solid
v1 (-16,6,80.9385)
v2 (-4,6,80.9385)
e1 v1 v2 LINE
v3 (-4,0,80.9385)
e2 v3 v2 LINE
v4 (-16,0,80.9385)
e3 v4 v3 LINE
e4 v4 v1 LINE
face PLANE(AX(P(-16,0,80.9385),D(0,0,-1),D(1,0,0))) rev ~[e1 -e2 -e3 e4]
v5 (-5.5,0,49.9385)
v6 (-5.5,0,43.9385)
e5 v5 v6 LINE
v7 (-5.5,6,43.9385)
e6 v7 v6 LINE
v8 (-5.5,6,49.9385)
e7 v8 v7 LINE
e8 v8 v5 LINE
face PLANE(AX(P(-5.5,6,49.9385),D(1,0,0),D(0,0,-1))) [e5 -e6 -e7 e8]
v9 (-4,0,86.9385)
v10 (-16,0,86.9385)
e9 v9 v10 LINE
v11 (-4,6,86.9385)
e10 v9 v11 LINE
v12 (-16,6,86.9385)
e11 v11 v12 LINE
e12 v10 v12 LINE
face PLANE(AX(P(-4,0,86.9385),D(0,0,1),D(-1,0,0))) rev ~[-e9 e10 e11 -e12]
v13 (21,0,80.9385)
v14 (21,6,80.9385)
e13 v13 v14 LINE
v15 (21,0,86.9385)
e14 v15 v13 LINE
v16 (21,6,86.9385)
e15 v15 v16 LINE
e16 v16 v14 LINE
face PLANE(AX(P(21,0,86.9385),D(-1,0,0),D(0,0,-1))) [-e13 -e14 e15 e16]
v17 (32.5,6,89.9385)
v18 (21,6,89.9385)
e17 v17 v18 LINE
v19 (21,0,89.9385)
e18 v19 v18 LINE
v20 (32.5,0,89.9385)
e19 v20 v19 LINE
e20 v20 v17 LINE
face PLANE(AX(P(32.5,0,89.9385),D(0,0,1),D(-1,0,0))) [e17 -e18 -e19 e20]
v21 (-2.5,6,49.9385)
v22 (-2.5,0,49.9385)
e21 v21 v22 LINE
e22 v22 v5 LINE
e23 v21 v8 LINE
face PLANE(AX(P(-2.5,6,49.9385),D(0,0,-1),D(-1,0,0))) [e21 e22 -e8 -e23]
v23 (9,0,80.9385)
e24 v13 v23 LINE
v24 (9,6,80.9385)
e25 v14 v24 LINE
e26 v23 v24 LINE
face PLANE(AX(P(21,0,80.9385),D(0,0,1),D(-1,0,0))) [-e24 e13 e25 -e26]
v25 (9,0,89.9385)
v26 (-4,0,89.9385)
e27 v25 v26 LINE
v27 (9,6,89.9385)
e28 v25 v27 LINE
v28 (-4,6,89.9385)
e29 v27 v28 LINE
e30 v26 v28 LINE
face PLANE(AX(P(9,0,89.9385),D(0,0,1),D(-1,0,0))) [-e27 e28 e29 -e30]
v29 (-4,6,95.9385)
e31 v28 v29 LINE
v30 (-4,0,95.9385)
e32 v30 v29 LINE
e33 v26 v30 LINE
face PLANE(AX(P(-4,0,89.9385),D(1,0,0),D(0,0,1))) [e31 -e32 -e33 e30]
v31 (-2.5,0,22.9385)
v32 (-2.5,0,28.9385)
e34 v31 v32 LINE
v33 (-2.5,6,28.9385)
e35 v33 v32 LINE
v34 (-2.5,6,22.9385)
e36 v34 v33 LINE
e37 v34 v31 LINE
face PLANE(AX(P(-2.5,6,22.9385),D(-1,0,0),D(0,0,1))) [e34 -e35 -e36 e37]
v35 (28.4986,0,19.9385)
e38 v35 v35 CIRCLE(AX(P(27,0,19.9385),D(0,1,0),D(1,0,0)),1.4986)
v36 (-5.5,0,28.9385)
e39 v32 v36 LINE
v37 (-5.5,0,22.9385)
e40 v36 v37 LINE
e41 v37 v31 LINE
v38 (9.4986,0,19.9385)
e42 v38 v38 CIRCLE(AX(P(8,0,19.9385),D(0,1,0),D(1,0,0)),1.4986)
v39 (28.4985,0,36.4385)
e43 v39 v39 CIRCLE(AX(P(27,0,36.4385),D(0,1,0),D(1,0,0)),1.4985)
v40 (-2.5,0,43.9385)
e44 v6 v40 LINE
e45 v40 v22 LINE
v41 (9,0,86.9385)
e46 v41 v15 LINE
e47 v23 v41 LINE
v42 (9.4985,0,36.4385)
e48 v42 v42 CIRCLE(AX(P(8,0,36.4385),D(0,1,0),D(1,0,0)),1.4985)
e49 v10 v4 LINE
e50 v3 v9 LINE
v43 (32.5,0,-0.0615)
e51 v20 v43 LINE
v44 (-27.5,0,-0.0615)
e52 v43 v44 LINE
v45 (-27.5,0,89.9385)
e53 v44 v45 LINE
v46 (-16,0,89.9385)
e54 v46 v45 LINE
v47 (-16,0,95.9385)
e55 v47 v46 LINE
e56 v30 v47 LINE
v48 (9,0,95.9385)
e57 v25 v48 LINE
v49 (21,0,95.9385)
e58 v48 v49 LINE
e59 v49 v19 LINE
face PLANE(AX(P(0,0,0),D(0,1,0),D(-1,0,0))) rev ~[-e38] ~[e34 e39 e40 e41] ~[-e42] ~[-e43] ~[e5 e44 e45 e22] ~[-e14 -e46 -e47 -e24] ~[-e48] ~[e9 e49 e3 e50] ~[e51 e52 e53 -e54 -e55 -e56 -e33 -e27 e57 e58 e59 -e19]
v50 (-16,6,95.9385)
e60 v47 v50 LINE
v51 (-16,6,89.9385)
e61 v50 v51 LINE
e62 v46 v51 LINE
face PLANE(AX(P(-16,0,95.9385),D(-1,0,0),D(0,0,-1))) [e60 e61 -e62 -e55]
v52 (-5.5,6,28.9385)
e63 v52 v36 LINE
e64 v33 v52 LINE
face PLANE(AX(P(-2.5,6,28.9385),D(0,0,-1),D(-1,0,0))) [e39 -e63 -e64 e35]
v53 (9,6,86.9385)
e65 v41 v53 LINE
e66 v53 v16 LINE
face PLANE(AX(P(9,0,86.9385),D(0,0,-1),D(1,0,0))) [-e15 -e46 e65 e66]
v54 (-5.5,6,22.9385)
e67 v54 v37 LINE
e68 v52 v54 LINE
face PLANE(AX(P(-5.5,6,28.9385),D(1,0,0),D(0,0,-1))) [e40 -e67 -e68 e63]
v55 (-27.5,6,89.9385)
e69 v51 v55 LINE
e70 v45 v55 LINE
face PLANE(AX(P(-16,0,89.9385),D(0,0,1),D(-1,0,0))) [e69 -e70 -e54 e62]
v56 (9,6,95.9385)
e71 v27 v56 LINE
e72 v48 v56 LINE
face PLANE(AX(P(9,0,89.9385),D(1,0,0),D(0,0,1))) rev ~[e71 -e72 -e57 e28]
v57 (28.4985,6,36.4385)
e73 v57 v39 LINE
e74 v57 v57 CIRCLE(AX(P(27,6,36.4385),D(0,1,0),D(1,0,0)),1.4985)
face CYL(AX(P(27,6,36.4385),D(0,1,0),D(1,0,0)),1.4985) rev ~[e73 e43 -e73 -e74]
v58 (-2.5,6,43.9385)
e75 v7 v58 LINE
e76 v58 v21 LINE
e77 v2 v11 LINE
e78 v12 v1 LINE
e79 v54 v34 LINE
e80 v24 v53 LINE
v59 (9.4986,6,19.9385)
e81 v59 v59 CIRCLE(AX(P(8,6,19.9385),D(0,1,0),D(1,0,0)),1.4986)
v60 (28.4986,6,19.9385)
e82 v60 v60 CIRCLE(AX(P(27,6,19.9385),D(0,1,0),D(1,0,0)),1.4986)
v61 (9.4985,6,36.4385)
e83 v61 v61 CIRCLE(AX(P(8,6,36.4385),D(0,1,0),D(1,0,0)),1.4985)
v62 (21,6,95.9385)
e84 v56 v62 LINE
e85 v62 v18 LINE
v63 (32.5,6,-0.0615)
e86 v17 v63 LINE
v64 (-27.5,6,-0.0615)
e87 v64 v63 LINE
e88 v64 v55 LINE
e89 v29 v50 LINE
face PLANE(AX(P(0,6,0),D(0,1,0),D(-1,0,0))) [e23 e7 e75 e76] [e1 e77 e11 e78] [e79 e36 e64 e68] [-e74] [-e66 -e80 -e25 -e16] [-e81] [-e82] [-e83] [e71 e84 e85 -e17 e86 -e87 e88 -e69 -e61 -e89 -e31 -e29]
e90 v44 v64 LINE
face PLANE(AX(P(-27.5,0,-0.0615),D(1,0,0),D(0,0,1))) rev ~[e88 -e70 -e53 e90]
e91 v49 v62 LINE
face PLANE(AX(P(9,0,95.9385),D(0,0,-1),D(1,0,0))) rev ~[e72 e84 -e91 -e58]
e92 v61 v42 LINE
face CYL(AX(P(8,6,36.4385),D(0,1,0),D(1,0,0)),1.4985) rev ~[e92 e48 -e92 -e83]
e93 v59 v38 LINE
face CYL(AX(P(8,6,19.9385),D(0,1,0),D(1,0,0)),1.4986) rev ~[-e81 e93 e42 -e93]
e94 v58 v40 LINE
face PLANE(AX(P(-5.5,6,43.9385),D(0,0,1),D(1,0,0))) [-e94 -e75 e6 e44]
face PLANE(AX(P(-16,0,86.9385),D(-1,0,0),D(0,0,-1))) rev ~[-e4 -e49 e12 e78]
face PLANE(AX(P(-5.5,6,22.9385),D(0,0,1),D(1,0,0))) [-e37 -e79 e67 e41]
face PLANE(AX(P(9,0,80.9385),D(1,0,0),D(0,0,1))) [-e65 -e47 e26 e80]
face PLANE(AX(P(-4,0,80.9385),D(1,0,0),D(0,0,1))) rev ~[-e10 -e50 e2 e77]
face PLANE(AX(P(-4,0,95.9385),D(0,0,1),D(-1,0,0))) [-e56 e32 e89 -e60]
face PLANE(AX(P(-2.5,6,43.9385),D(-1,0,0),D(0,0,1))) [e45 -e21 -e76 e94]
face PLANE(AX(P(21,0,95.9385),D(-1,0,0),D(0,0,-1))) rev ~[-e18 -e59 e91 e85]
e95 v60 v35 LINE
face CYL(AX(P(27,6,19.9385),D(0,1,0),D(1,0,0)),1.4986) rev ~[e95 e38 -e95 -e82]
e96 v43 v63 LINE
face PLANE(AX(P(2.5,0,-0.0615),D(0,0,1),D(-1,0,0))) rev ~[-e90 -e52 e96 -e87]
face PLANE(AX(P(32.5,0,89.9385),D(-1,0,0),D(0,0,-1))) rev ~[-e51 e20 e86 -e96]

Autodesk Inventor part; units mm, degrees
ref_plane "YZ Plane" through (0, 0, 0) normal (1, 0, 0) x (0, 1, 0)
ref_plane "XZ Plane" through (0, 0, 0) normal (0, 1, 0) x (-1, 0, 0)
ref_plane "XY Plane" through (0, 0, 0) normal (0, 0, 1) x (1, 0, 0)
sketch "Sketch1" plane through (0, 0, 0) normal (0, 1, 0) x (-1, 0, 0)
  line L0 (27.5, -0.0615) -> (27.5, 89.9385)
  line L1 (-32.5, 89.9385) -> (-32.5, -0.0615)
  line L2 (-32.5, -0.0615) -> (-2.5, -0.0615)
  line L3 (-2.5, -0.0615) -> (-2.5, 89.9385) construction
  line L4 (-32.5, 44.9385) -> (-2.5, 44.9385) construction
  line L5 (-32.5, 89.9385) -> (27.5, 89.9385)
  line L6 (-21, 89.9385) -> (-9, 89.9385)
  line L7 (-9, 89.9385) -> (-9, 95.9385)
  line L8 (-9, 95.9385) -> (-21, 95.9385)
  line L9 (-21, 95.9385) -> (-21, 89.9385)
  line L10 (16, 89.9385) -> (4, 89.9385)
  line L11 (4, 89.9385) -> (4, 95.9385)
  line L12 (4, 95.9385) -> (16, 95.9385)
  line L13 (16, 95.9385) -> (16, 89.9385)
  line L14 (-2.5, 44.9385) -> (27.5, 44.9385) construction
  line L15 (-2.5, -0.0615) -> (27.5, -0.0615)
  line L16 (-9, 86.9385) -> (-21, 86.9385)
  line L17 (-21, 86.9385) -> (-21, 80.9385)
  line L18 (-21, 80.9385) -> (-9, 80.9385)
  line L19 (-9, 80.9385) -> (-9, 86.9385)
  line L20 (-9, 86.9385) -> (-21, 80.9385) construction
  line L21 (-21, 86.9385) -> (-9, 80.9385) construction
  line L22 (4, 86.9385) -> (16, 86.9385)
  line L23 (16, 86.9385) -> (16, 80.9385)
  line L24 (16, 80.9385) -> (4, 80.9385)
  line L25 (4, 80.9385) -> (4, 86.9385)
  line L26 (4, 86.9385) -> (16, 80.9385) construction
  line L27 (16, 86.9385) -> (4, 80.9385) construction
  point P0 (-15, 83.9385)
  point P1 (10, 83.9385)
  dimension "d0" = 60
  dimension "d1" = 90
  dimension "d18" = 12
  dimension "d19" = 6
  dimension "d20" = 18.5
  dimension "d21" = 12
  dimension "d22" = 6
  dimension "d23" = 3
extrude "Extrusion1" add sketch "Sketch1" along normal blind 6
sketch "Sketch2" plane through (0, 6, 0) normal (0, 1, 0) x (1, 0, 0)
  circle A0 centre (8, -19.9385) radius 1.4986
  circle A1 centre (27, -19.9385) radius 1.4986
  circle A2 centre (27, -36.4385) radius 1.4985
  circle A3 centre (8, -36.4385) radius 1.4985
  line L0 (27, -36.4385) -> (8, -36.4385) construction
  line L1 (8, -36.4385) -> (8, -19.9385) construction
  line L2 (8, -19.9385) -> (27, -19.9385) construction
  line L3 (27, -19.9385) -> (27, -36.4385) construction
  line L4 (27, -36.4385) -> (8, -19.9385) construction
  line L5 (27, -19.9385) -> (8, -36.4385) construction
  line L6 (32.5, 0.0615) -> (-27.5, 0.0615) construction
  line L7 (2.5, 0.0615) -> (2.5, -89.9385) construction
  line L8 (-4, -89.9385) -> (9, -89.9385) construction
  line L9 (-2.5, -49.9385) -> (-5.5, -49.9385)
  line L10 (-5.5, -49.9385) -> (-5.5, -43.9385)
  line L11 (-5.5, -43.9385) -> (-2.5, -43.9385)
  line L12 (-2.5, -43.9385) -> (-2.5, -49.9385)
  line L13 (-2.5, -28.9385) -> (-5.5, -28.9385)
  line L14 (-5.5, -28.9385) -> (-5.5, -22.9385)
  line L15 (-5.5, -22.9385) -> (-2.5, -22.9385)
  line L16 (-2.5, -22.9385) -> (-2.5, -28.9385)
  point P0 (0, 0)
  point P1 (17.5, -28.1885)
  dimension "d26" = 2.9972
  dimension "d28" = 2.9972
  dimension "d29" = 19
  dimension "d30" = 2.997
  dimension "d31" = 2.997
  dimension "d32" = 16.5
  dimension "d33" = 15
  dimension "d36" = 20
  dimension "d37" = 3
  dimension "d38" = 6
  dimension "d39" = 6
  dimension "d40" = 5
  dimension "d41" = 40
  dimension "d42" = 15
extrude "Extrusion2" cut sketch "Sketch2" against normal through all
properties part number "thumper-bumper-sidewall-v2"
